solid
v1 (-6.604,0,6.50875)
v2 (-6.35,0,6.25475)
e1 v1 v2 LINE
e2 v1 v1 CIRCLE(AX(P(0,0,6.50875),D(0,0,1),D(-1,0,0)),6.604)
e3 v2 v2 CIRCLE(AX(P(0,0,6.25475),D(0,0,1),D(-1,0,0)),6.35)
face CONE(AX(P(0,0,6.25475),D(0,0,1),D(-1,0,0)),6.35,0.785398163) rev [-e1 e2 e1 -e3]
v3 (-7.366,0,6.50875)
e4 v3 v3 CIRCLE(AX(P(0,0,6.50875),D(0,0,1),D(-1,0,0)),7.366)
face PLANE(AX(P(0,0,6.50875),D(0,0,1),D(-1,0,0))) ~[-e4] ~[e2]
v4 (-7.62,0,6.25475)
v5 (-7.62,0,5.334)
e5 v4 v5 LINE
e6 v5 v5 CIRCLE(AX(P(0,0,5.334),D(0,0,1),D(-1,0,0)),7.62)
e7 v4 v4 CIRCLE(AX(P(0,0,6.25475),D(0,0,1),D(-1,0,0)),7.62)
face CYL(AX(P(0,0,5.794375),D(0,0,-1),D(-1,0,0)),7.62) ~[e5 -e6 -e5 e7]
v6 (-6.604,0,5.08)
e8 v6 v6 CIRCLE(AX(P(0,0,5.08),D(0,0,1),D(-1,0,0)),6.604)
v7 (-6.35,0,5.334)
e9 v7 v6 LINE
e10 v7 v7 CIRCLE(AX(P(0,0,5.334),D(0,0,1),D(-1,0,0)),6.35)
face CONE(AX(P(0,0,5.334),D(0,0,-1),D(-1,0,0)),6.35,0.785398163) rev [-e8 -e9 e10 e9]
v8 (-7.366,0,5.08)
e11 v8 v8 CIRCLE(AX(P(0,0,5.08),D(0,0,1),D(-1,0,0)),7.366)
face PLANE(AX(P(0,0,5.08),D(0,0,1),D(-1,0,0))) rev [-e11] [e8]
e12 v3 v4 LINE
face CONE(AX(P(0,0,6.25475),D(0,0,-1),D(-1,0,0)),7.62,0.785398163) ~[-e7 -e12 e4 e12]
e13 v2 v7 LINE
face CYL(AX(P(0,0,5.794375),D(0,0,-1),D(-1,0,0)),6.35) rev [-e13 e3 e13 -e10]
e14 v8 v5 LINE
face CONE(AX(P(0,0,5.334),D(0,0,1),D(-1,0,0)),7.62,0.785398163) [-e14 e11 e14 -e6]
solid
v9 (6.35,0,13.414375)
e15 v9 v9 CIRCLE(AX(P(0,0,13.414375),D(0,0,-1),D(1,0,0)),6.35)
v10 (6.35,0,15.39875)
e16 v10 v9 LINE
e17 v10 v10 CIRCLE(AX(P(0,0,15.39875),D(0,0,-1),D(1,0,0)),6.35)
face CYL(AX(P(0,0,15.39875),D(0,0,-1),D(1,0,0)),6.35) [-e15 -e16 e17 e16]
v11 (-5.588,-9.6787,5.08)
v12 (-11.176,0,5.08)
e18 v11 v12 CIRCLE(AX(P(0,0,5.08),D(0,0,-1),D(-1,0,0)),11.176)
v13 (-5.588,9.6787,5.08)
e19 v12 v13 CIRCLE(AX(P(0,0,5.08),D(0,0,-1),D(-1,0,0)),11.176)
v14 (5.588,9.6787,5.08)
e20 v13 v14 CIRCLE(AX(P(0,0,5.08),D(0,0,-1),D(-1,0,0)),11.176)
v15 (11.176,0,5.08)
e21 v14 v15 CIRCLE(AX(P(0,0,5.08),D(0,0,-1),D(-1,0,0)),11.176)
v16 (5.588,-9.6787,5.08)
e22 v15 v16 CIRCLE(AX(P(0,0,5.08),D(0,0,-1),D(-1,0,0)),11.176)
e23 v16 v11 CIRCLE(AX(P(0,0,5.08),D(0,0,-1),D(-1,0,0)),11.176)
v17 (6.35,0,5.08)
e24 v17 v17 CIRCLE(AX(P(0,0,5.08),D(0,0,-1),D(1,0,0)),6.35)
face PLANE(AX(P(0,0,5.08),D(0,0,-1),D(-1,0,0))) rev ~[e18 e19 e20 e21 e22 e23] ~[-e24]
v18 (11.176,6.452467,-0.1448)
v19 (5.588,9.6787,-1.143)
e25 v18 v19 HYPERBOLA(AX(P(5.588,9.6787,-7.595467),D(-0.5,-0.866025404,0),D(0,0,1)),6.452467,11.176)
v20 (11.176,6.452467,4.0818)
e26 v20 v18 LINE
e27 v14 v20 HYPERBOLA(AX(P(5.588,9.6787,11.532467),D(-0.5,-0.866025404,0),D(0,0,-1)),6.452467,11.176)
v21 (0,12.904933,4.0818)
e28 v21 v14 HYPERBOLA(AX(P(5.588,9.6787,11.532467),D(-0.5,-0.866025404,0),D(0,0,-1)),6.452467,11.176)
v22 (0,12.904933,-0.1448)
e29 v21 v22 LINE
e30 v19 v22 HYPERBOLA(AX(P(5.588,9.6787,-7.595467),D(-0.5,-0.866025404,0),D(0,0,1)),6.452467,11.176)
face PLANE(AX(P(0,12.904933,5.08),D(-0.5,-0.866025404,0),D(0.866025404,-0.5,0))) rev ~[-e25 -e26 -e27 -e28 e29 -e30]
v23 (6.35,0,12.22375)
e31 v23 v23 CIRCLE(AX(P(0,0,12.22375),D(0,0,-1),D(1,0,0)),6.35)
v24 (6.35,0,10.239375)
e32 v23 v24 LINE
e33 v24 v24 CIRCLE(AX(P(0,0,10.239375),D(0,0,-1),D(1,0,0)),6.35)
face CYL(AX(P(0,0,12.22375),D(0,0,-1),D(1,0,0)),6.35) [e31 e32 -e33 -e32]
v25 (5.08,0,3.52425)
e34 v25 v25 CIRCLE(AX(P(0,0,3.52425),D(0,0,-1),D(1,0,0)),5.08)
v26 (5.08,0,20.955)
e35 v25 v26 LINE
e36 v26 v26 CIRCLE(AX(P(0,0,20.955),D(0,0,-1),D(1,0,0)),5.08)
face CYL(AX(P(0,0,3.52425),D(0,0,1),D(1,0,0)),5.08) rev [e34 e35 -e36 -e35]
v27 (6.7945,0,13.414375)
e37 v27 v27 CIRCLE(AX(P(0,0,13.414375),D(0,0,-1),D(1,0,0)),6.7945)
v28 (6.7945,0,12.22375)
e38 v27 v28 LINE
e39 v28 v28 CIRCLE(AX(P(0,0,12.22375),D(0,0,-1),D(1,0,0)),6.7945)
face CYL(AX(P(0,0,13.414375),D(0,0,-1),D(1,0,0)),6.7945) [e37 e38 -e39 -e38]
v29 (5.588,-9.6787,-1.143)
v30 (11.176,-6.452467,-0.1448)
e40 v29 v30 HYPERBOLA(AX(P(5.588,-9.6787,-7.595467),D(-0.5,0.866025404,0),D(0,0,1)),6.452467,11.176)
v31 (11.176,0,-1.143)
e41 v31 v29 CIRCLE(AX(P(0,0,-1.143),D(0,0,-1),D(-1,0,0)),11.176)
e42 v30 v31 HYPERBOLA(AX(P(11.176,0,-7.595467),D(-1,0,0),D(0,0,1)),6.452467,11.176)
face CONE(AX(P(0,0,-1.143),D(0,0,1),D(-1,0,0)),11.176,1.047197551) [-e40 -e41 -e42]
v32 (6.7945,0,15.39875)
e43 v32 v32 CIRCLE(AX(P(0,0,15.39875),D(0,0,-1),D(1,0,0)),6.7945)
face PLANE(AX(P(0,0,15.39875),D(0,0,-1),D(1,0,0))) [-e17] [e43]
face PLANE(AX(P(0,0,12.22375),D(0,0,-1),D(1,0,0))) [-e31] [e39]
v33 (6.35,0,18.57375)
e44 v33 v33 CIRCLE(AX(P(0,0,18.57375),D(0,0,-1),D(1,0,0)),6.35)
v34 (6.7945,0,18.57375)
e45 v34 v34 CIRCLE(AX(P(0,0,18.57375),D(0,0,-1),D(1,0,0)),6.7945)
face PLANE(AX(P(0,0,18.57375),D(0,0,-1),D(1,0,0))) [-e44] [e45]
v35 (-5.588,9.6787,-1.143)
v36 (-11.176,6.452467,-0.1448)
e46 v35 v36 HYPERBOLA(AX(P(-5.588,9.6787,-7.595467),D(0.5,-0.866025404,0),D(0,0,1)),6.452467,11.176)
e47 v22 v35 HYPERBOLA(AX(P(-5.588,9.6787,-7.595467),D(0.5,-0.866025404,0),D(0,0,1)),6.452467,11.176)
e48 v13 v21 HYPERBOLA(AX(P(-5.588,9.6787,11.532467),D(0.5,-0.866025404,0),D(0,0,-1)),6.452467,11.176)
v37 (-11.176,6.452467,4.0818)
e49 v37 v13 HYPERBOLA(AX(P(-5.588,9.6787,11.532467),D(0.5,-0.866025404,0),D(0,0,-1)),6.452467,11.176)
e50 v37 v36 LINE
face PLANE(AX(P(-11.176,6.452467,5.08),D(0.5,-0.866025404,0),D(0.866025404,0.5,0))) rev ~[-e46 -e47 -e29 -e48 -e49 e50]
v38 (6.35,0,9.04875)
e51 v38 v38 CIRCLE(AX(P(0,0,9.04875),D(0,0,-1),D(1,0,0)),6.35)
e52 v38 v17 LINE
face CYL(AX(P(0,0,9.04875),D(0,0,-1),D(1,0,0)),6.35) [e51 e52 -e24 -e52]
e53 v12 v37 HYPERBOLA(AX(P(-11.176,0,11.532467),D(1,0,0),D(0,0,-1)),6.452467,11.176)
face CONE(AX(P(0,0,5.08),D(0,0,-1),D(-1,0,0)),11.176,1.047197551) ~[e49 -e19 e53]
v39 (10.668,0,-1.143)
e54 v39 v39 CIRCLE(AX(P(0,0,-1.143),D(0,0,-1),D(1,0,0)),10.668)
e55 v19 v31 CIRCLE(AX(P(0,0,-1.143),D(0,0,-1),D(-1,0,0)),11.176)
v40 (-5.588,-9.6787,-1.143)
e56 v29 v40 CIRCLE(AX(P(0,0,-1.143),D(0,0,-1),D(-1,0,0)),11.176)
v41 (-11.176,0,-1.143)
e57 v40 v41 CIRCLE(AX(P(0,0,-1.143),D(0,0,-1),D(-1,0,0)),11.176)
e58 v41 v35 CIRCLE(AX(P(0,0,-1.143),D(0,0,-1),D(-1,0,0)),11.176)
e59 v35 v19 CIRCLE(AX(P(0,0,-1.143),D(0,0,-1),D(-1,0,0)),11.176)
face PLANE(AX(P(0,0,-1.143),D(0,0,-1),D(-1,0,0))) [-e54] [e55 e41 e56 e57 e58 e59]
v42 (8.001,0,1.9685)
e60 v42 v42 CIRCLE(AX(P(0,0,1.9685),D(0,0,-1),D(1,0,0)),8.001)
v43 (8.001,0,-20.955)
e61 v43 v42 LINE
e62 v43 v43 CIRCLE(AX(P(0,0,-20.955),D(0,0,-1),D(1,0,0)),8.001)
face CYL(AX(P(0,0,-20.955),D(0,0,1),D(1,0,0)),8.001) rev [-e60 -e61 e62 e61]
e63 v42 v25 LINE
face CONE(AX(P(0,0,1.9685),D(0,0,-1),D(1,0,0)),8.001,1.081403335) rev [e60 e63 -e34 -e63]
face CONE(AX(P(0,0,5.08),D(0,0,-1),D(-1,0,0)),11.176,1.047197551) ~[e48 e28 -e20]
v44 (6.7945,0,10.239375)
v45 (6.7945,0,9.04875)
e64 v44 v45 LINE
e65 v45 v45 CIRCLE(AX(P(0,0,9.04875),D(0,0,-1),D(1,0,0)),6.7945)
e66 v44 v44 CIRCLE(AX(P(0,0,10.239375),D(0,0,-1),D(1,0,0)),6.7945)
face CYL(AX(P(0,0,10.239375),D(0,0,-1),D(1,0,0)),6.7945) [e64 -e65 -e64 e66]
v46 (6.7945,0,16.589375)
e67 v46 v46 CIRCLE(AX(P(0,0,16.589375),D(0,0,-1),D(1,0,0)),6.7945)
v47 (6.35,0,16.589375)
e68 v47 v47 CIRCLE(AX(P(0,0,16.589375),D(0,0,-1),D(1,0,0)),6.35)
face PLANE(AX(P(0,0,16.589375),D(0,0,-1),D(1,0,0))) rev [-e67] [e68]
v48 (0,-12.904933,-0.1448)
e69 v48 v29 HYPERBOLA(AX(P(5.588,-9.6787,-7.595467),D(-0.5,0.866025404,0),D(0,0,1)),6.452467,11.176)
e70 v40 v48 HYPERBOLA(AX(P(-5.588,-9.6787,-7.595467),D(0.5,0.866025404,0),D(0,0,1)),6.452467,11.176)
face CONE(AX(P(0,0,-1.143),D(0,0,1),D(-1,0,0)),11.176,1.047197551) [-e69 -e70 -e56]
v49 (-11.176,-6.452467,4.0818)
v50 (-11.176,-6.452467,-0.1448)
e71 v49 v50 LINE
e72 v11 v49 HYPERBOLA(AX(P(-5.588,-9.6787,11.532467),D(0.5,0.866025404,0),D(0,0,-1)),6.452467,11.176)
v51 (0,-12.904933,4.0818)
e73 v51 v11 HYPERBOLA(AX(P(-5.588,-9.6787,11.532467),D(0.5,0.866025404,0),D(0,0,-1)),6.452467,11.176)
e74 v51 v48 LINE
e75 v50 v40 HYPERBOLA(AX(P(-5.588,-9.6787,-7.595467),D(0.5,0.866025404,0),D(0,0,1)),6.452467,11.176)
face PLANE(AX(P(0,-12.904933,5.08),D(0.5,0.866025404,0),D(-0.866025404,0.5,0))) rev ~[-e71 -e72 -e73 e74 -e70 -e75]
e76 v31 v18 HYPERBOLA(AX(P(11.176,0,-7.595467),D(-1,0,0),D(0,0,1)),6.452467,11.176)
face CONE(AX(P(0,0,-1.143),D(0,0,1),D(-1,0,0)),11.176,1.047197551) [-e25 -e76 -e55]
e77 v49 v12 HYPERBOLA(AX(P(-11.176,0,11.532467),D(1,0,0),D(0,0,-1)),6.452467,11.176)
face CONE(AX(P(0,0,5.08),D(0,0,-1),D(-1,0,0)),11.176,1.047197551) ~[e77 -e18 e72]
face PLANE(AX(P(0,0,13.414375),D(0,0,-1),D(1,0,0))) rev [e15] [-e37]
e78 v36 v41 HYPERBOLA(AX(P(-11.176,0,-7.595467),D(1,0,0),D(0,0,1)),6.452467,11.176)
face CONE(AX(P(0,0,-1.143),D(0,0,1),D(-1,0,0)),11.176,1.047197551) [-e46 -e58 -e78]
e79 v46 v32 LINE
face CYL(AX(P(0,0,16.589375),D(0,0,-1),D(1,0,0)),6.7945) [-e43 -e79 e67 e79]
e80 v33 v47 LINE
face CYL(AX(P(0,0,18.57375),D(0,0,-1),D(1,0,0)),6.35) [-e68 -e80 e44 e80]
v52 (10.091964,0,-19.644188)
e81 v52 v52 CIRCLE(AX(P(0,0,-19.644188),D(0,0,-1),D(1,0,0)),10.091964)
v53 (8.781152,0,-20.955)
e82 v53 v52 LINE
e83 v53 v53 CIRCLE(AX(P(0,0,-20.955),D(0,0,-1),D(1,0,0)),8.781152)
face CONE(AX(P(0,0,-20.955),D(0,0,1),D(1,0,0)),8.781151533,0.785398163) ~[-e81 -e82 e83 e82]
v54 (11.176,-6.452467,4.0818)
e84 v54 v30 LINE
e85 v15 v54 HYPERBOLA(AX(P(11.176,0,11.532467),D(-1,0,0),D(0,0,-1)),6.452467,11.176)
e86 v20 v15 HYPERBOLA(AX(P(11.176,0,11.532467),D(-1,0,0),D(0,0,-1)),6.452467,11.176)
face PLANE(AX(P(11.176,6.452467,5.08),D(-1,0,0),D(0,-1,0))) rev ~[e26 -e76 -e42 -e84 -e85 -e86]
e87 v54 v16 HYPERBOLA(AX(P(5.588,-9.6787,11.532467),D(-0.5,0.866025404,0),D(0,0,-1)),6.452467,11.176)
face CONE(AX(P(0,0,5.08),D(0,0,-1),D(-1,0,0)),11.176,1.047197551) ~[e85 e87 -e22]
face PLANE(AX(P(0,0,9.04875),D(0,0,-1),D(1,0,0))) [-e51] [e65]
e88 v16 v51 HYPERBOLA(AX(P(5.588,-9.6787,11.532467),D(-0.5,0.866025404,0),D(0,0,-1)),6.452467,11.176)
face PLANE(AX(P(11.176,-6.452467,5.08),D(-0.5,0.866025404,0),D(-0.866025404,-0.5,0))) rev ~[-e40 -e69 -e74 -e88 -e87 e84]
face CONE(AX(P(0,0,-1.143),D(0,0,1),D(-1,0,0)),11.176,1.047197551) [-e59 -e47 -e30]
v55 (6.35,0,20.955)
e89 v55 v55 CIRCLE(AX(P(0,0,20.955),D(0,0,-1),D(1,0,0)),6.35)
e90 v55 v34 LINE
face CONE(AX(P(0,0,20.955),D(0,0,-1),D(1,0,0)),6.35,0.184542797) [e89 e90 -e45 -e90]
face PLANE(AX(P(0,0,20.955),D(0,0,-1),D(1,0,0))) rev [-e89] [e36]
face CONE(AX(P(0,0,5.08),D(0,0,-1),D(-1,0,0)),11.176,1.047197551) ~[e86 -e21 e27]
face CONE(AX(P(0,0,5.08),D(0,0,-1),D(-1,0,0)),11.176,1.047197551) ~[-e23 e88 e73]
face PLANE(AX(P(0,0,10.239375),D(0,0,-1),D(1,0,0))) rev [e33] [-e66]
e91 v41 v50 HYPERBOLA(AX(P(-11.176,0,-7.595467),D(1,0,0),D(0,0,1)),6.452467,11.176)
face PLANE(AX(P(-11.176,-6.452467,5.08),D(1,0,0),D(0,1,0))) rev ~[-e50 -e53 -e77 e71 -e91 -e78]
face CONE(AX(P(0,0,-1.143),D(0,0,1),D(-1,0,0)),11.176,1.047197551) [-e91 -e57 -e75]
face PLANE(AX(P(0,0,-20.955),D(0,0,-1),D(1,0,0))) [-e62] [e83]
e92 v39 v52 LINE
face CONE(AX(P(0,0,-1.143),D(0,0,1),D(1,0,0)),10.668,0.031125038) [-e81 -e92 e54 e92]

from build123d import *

# Parameters (mm, degrees)
SKETCH16_R          = 11.176
CUT_EXTRUDE4_DEPTH  = 28.168503014
CHAMFER1_SIZE       = 1.27
CHAMFER1_SIZE2      = 1.311447455
BOSS_EXTRUDE1_START = -6.223
SKETCH10_R          = 8.001
BOSS_EXTRUDE1_DEPTH = 6.223
SKETCH11_OUTSIDE_W  = 135.36
SKETCH11_OUTSIDE_H  = 138.818
SKETCH11_OUTSIDE_R  = 11.176
CUT_EXTRUDE1_DEPTH  = 28.924216754
CUT_EXTRUDE1_DRAFT  = -60
SKETCH12_OUTSIDE_W  = 146.476
SKETCH12_OUTSIDE_H  = 149.934
SKETCH12_OUTSIDE_R  = 11.176
CUT_EXTRUDE2_DEPTH  = 32.132964882
CUT_EXTRUDE2_DRAFT  = 60
SKETCH18_W          = 1.42875
SKETCH18_H          = 1.27
CHAMFER2_SIZE       = 0.254


with BuildPart() as part:
    # Sketch1 → Revolve1 (revolve)
    with BuildSketch(Plane(origin=(0, 0, 0), x_dir=(0, 0, -1), z_dir=(1, 0, 0)), mode=Mode.PRIVATE) as revolve1_sk:
        Polygon((-18.57375, 6.35), (-16.589375, 6.35), (-16.589375, 6.7945), (-15.39875, 6.7945), (-15.39875, 6.35), (-13.414375, 6.35), (-13.414375, 6.7945), (-12.22375, 6.7945), (-12.22375, 6.35), (-10.239375, 6.35), (-10.239375, 6.7945), (-9.04875, 6.7945), (-9.04875, 6.35), (-5.08, 6.35), (-5.08, 11.176), (1.143, 11.176), (1.143, 10.668), (20.955, 10.051151533), (20.955, 8.001), (-1.9685, 8.001), (-3.52425, 5.08), (-20.955, 5.08), (-20.955, 6.35), (-18.57375, 6.7945), align=None)
    revolve(revolve1_sk.sketch.rotate(Axis((0, 0, 20.955), (0, 0, -1)), 90), axis=Axis((0, 0, 20.955), (0, 0, -1)))

    # Sketch16 → Cut-Extrude4 (cut, through all)
    with BuildSketch(Plane(origin=(0, 0, -1.143), x_dir=(-1, 0, 0), z_dir=(0, 0, -1))):
        with Locations(Location((0, 0, 0), (0, 0, 180))):
            Circle(SKETCH16_R)
    extrude(amount=CUT_EXTRUDE4_DEPTH, mode=Mode.SUBTRACT)

    # Sketch10 → Boss-Extrude1 (add)
    with BuildSketch(Plane(origin=(0, 0, -1.143), x_dir=(-1, 0, 0), z_dir=(0, 0, -1)).offset(BOSS_EXTRUDE1_START)):
        Polygon((11.176, 6.452466608), (0, 12.904933217), (-11.176, 6.452466608), (-11.176, -6.452466608), (0, -12.904933217), (11.176, -6.452466608), align=None)
        with Locations(Location((0, 0, 0), (0, 0, 180))):
            Circle(SKETCH10_R, mode=Mode.SUBTRACT)
    extrude(amount=BOSS_EXTRUDE1_DEPTH)


with BuildPart() as body_2:
    # Sketch17 → Revolve2 (revolve)
    with BuildSketch(Plane(origin=(0, 0, 0), x_dir=(0, 0, -1), z_dir=(1, 0, 0)), mode=Mode.PRIVATE) as revolve2_sk:
        Polygon((20.955, 8.001), (1.143, 8.001), (1.143, 10.668), (20.955, 10.051151533), align=None)
    revolve(revolve2_sk.sketch.rotate(Axis((0, 0, 20.955), (0, 0, -1)), 90), axis=Axis((0, 0, 20.955), (0, 0, -1)))

    # Chamfer1
    chamfer1_edges = [body_2.edges().sort_by_distance(p)[0] for p in [
        (-10.051151533, 0, -20.955),
    ]]
    chamfer1_side = [body_2.faces().sort_by_distance(p)[0] for p in [
        (-9.766862037, 0, -20.955),
    ]]
    chamfer(chamfer1_edges, length=CHAMFER1_SIZE, length2=CHAMFER1_SIZE2, reference=chamfer1_side[0])


with BuildPart() as cut_extrude1_tool:
    # Sketch11 outside → Cut-Extrude1 (with draft: the straight prism first)
    with BuildSketch(Plane(origin=(0, 0, -1.143), x_dir=(-1, 0, 0), z_dir=(0, 0, -1))):
        Rectangle(SKETCH11_OUTSIDE_W, SKETCH11_OUTSIDE_H)
        Circle(SKETCH11_OUTSIDE_R, mode=Mode.SUBTRACT)
    extrude(amount=-CUT_EXTRUDE1_DEPTH)
    # Cut-Extrude1: the draft: its side faces are tilted about the plane it starts from
    cut_extrude1_sides = [cut_extrude1_tool.faces().sort_by_distance(p)[0] for p in [
        (0, -69.409, 13.319108377),
        (-67.68, 0, 13.319108377),
        (0, 69.409, 13.319108377),
        (67.68, 0, 13.319108377),
        (11.176, 0, 13.319108377),
    ]]
    draft(cut_extrude1_sides, Plane(origin=(0, 0, -1.143), x_dir=(-1, 0, 0), z_dir=(0, 0, -1)), CUT_EXTRUDE1_DRAFT)


with BuildPart() as part_1:
    add(part.part)

    # Cut-Extrude1: cut by cut_extrude1_tool
    add(cut_extrude1_tool.part, mode=Mode.SUBTRACT)


with BuildPart() as cut_extrude2_tool:
    # Sketch12 outside → Cut-Extrude2 (with draft: the straight prism first)
    with BuildSketch(Plane(origin=(0, 0, 5.08), x_dir=(-1, 0, 0), z_dir=(0, 0, -1))):
        Rectangle(SKETCH12_OUTSIDE_W, SKETCH12_OUTSIDE_H)
        Circle(SKETCH12_OUTSIDE_R, mode=Mode.SUBTRACT)
    extrude(amount=CUT_EXTRUDE2_DEPTH)
    # Cut-Extrude2: the draft: its side faces are tilted about the plane it starts from
    cut_extrude2_sides = [cut_extrude2_tool.faces().sort_by_distance(p)[0] for p in [
        (0, -74.967, -10.986482441),
        (-73.238, 0, -10.986482441),
        (0, 74.967, -10.986482441),
        (73.238, 0, -10.986482441),
        (11.176, 0, -10.986482441),
    ]]
    draft(cut_extrude2_sides, Plane(origin=(0, 0, 5.08), x_dir=(-1, 0, 0), z_dir=(0, 0, -1)), CUT_EXTRUDE2_DRAFT)


with BuildPart() as part_2:
    add(part_1.part)

    # Cut-Extrude2: cut by cut_extrude2_tool
    add(cut_extrude2_tool.part, mode=Mode.SUBTRACT)

    # Combine1: union body 2
    add(body_2.part)


with BuildPart() as body_3:
    # Sketch18 → Revolve3 (revolve)
    with BuildSketch(Plane(origin=(0, 0, 0), x_dir=(0, 0, -1), z_dir=(1, 0, 0)), mode=Mode.PRIVATE) as revolve3_sk:
        with Locations((-5.794375, 6.985)):
            Rectangle(SKETCH18_W, SKETCH18_H)
    revolve(revolve3_sk.sketch.rotate(Axis((0, 0, 0), (0, 0, 1)), 90), axis=Axis((0, 0, 0), (0, 0, 1)))

    # Chamfer2
    chamfer2_edges = [body_3.edges().sort_by_distance(p)[0] for p in [
        (7.62, 0, 6.50875),
        (7.62, 0, 5.08),
        (6.35, 0, 5.08),
        (6.35, 0, 6.50875),
    ]]
    chamfer(chamfer2_edges, length=CHAMFER2_SIZE)


solid = Compound([part_2.part, body_3.part])
